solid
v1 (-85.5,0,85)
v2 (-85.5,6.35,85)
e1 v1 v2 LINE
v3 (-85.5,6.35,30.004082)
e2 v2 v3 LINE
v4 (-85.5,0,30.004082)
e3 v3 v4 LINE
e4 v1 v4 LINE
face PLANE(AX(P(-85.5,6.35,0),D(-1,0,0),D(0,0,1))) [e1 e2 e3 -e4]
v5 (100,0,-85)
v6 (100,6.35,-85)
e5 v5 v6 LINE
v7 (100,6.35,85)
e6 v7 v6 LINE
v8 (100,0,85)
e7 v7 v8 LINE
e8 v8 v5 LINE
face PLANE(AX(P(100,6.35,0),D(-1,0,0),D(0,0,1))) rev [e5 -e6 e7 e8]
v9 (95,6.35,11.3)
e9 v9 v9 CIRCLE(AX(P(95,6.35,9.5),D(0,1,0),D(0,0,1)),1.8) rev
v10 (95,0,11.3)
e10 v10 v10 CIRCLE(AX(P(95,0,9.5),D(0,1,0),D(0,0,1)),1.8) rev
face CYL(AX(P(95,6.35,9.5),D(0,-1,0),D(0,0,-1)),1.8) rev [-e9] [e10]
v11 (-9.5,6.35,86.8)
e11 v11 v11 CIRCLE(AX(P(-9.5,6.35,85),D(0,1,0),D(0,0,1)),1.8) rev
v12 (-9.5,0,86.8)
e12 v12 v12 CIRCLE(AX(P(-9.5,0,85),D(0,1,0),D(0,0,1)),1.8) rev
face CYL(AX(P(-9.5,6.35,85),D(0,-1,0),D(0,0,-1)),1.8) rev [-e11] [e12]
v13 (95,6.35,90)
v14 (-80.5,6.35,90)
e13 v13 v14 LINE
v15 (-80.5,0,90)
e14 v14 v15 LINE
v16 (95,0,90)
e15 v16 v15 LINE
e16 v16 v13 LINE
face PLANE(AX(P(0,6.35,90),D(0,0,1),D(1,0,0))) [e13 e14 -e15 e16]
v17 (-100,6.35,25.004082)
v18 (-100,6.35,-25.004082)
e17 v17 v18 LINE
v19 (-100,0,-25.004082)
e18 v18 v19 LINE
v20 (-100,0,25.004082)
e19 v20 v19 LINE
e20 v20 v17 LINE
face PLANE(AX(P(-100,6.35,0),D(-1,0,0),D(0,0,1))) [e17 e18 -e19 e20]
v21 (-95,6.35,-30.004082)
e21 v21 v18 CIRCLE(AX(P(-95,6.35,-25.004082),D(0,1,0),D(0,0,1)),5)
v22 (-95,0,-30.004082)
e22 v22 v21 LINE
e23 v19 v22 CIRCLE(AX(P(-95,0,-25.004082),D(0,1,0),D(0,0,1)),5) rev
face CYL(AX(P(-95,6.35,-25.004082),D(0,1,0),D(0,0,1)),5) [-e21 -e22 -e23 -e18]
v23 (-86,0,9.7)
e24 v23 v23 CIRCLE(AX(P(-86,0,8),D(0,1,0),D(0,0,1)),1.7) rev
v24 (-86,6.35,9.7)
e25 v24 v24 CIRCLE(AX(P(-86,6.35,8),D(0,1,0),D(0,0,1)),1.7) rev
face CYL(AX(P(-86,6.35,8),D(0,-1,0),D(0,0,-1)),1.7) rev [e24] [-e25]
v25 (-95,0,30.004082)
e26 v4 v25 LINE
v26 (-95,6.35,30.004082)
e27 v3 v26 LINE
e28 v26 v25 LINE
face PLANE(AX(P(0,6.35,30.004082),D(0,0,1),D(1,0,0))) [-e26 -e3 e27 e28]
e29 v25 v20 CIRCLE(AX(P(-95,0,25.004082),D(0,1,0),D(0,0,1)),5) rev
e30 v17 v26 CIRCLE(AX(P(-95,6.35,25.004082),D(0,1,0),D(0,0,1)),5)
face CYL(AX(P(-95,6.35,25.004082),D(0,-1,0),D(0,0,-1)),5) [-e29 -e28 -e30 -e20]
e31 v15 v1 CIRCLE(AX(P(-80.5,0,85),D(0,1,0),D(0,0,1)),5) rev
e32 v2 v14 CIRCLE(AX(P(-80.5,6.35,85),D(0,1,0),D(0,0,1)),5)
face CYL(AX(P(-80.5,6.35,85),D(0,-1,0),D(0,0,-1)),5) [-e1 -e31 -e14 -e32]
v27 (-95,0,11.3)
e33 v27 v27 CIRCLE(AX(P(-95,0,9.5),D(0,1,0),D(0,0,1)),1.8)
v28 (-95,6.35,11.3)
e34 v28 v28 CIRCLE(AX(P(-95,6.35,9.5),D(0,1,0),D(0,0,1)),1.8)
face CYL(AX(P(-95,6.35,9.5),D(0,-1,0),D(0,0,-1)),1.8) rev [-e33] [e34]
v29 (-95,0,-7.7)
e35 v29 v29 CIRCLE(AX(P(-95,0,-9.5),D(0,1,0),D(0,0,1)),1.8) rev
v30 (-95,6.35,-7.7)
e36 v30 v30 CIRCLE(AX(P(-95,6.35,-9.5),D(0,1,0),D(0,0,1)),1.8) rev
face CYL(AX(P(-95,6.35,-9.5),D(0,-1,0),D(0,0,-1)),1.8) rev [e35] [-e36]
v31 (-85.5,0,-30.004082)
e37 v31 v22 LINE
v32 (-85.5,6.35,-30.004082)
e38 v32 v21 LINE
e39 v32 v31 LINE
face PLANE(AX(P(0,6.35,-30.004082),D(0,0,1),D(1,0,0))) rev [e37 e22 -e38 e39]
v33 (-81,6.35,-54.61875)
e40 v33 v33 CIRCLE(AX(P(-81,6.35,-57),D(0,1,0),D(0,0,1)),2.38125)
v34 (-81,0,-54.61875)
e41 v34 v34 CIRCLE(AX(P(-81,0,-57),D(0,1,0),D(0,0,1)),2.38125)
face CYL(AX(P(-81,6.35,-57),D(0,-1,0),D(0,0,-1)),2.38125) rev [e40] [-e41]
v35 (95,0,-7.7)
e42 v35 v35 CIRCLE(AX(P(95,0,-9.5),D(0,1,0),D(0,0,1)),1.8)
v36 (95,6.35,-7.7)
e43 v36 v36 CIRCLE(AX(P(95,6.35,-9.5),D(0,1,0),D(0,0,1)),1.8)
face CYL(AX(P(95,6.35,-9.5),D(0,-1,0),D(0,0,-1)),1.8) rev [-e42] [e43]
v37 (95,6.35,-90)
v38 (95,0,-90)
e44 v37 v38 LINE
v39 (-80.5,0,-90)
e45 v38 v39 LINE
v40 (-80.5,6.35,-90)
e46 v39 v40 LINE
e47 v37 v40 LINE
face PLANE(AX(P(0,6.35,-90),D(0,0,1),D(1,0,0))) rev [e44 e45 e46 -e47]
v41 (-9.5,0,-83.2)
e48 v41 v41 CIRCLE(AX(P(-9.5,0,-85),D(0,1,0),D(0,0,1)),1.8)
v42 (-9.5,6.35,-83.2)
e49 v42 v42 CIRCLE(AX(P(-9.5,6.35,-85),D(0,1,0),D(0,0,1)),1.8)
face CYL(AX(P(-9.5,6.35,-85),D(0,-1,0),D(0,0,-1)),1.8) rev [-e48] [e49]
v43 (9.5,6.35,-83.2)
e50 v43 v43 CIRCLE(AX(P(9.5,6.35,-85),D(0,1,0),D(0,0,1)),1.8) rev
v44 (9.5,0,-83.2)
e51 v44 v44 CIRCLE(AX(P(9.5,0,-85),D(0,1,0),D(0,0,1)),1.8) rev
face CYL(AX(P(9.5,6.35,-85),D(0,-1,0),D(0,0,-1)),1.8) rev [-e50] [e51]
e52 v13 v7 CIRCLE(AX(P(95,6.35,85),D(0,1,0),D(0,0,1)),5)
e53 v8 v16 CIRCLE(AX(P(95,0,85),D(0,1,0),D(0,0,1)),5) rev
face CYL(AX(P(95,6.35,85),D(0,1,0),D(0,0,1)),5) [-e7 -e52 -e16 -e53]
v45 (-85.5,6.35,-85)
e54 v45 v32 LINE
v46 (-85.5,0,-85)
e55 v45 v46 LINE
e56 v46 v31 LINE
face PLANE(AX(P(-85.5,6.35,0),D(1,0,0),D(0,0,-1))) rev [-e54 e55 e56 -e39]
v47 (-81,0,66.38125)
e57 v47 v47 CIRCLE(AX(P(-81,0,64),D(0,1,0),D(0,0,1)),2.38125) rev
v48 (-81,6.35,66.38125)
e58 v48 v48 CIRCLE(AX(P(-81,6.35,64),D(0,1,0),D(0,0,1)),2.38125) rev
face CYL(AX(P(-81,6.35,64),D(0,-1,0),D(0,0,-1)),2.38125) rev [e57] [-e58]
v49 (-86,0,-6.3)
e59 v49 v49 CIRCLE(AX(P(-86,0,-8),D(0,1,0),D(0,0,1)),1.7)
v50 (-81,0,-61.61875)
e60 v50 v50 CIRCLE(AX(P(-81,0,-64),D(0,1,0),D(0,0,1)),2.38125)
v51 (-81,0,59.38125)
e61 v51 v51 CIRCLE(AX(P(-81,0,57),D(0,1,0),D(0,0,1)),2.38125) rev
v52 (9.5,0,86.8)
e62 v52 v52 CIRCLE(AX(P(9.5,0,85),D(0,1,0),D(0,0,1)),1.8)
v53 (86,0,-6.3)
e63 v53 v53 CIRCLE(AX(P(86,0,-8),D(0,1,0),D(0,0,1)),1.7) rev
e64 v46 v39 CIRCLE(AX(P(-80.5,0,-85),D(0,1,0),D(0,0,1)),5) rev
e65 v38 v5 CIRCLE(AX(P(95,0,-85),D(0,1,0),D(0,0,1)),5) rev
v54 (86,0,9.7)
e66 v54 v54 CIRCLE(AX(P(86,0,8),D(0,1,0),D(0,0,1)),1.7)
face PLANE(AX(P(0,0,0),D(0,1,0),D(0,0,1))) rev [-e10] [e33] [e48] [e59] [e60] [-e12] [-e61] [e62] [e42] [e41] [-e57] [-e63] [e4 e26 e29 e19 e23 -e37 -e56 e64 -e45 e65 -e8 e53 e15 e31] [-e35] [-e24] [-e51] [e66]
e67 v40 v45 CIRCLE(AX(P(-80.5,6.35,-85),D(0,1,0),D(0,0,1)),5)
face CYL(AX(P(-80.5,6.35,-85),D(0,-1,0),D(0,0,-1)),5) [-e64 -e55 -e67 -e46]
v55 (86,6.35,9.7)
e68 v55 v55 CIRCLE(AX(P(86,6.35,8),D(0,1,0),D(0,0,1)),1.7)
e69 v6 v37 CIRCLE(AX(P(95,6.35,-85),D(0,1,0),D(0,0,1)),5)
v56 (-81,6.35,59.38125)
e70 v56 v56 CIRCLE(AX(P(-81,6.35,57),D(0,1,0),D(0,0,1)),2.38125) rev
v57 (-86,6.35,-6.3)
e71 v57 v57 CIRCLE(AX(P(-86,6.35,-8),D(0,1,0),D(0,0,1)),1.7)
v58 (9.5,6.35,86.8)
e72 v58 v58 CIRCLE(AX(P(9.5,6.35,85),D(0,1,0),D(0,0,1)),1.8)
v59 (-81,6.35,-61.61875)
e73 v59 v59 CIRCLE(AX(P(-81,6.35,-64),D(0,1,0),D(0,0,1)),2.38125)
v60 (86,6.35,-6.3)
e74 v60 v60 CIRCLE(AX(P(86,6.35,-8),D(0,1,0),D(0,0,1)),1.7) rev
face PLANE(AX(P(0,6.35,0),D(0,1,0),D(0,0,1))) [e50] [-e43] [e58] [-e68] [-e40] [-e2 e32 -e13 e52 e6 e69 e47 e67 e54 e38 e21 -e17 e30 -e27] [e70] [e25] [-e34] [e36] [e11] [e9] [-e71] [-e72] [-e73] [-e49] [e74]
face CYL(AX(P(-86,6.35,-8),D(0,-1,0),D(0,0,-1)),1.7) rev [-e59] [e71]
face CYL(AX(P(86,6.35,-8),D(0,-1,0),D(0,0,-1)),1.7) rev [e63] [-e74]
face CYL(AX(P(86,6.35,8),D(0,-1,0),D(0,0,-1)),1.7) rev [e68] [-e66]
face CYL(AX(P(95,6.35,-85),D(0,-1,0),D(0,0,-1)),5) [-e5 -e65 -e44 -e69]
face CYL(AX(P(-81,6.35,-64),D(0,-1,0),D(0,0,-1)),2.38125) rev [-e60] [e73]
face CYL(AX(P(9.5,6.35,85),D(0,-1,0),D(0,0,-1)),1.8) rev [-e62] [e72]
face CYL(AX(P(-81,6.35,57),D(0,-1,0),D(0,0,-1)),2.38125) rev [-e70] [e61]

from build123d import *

# Parameters (mm, degrees)
SKETCH2_R           = 2.38125
SKETCH2_R_2         = 1.8
SKETCH2_R_3         = 1.7
BOSS_EXTRUDE1_DEPTH = 6.35
FILLET1_R           = 5


with BuildPart() as part:
    # Sketch2 → Boss-Extrude1 (new body)
    with BuildSketch(Plane(origin=(0, 0, 0), x_dir=(1, 0, 0), z_dir=(0, 1, 0))):
        Polygon((-85.5, -90), (100, -90), (100, 90), (-85.5, 90), (-85.5, 30.004081815), (-100, 30.004081815), (-100, -30.004081815), (-85.5, -30.004081815), align=None)
        with Locations(Location((-81, -64, 0), (0, 0, 270))):
            Circle(SKETCH2_R, mode=Mode.SUBTRACT)
        with Locations(Location((-81, -57, 0), (0, 0, 270))):
            Circle(SKETCH2_R, mode=Mode.SUBTRACT)
        with Locations(Location((-9.5, -85, 0), (0, 0, 270))):
            Circle(SKETCH2_R_2, mode=Mode.SUBTRACT)
        with Locations(Location((-95, -9.5, 0), (0, 0, 270))):
            Circle(SKETCH2_R_2, mode=Mode.SUBTRACT)
        with Locations(Location((-86, -8, 0), (0, 0, 270))):
            Circle(SKETCH2_R_3, mode=Mode.SUBTRACT)
        with Locations(Location((9.5, -85, 0), (0, 0, 270))):
            Circle(SKETCH2_R_2, mode=Mode.SUBTRACT)
        with Locations(Location((86, -8, 0), (0, 0, 270))):
            Circle(SKETCH2_R_3, mode=Mode.SUBTRACT)
        with Locations(Location((95, -9.5, 0), (0, 0, 270))):
            Circle(SKETCH2_R_2, mode=Mode.SUBTRACT)
        with Locations(Location((-95, 9.5, 0), (0, 0, 270))):
            Circle(SKETCH2_R_2, mode=Mode.SUBTRACT)
        with Locations(Location((-86, 8, 0), (0, 0, 270))):
            Circle(SKETCH2_R_3, mode=Mode.SUBTRACT)
        with Locations(Location((-81, 57, 0), (0, 0, 270))):
            Circle(SKETCH2_R, mode=Mode.SUBTRACT)
        with Locations(Location((-81, 64, 0), (0, 0, 270))):
            Circle(SKETCH2_R, mode=Mode.SUBTRACT)
        with Locations(Location((-9.5, 85, 0), (0, 0, 270))):
            Circle(SKETCH2_R_2, mode=Mode.SUBTRACT)
        with Locations(Location((86, 8, 0), (0, 0, 270))):
            Circle(SKETCH2_R_3, mode=Mode.SUBTRACT)
        with Locations(Location((95, 9.5, 0), (0, 0, 270))):
            Circle(SKETCH2_R_2, mode=Mode.SUBTRACT)
        with Locations(Location((9.5, 85, 0), (0, 0, 270))):
            Circle(SKETCH2_R_2, mode=Mode.SUBTRACT)
    extrude(amount=BOSS_EXTRUDE1_DEPTH)

    # Fillet1
    fillet1_edges = [part.edges().sort_by_distance(p)[0] for p in [
        (-100, 3.175, 30.004081815),
        (-100, 3.175, -30.004081815),
        (-85.5, 3.175, -90),
        (100, 3.175, -90),
        (100, 3.175, 90),
        (-85.5, 3.175, 90),
    ]]
    fillet(fillet1_edges, radius=FILLET1_R)


solid = part.part
